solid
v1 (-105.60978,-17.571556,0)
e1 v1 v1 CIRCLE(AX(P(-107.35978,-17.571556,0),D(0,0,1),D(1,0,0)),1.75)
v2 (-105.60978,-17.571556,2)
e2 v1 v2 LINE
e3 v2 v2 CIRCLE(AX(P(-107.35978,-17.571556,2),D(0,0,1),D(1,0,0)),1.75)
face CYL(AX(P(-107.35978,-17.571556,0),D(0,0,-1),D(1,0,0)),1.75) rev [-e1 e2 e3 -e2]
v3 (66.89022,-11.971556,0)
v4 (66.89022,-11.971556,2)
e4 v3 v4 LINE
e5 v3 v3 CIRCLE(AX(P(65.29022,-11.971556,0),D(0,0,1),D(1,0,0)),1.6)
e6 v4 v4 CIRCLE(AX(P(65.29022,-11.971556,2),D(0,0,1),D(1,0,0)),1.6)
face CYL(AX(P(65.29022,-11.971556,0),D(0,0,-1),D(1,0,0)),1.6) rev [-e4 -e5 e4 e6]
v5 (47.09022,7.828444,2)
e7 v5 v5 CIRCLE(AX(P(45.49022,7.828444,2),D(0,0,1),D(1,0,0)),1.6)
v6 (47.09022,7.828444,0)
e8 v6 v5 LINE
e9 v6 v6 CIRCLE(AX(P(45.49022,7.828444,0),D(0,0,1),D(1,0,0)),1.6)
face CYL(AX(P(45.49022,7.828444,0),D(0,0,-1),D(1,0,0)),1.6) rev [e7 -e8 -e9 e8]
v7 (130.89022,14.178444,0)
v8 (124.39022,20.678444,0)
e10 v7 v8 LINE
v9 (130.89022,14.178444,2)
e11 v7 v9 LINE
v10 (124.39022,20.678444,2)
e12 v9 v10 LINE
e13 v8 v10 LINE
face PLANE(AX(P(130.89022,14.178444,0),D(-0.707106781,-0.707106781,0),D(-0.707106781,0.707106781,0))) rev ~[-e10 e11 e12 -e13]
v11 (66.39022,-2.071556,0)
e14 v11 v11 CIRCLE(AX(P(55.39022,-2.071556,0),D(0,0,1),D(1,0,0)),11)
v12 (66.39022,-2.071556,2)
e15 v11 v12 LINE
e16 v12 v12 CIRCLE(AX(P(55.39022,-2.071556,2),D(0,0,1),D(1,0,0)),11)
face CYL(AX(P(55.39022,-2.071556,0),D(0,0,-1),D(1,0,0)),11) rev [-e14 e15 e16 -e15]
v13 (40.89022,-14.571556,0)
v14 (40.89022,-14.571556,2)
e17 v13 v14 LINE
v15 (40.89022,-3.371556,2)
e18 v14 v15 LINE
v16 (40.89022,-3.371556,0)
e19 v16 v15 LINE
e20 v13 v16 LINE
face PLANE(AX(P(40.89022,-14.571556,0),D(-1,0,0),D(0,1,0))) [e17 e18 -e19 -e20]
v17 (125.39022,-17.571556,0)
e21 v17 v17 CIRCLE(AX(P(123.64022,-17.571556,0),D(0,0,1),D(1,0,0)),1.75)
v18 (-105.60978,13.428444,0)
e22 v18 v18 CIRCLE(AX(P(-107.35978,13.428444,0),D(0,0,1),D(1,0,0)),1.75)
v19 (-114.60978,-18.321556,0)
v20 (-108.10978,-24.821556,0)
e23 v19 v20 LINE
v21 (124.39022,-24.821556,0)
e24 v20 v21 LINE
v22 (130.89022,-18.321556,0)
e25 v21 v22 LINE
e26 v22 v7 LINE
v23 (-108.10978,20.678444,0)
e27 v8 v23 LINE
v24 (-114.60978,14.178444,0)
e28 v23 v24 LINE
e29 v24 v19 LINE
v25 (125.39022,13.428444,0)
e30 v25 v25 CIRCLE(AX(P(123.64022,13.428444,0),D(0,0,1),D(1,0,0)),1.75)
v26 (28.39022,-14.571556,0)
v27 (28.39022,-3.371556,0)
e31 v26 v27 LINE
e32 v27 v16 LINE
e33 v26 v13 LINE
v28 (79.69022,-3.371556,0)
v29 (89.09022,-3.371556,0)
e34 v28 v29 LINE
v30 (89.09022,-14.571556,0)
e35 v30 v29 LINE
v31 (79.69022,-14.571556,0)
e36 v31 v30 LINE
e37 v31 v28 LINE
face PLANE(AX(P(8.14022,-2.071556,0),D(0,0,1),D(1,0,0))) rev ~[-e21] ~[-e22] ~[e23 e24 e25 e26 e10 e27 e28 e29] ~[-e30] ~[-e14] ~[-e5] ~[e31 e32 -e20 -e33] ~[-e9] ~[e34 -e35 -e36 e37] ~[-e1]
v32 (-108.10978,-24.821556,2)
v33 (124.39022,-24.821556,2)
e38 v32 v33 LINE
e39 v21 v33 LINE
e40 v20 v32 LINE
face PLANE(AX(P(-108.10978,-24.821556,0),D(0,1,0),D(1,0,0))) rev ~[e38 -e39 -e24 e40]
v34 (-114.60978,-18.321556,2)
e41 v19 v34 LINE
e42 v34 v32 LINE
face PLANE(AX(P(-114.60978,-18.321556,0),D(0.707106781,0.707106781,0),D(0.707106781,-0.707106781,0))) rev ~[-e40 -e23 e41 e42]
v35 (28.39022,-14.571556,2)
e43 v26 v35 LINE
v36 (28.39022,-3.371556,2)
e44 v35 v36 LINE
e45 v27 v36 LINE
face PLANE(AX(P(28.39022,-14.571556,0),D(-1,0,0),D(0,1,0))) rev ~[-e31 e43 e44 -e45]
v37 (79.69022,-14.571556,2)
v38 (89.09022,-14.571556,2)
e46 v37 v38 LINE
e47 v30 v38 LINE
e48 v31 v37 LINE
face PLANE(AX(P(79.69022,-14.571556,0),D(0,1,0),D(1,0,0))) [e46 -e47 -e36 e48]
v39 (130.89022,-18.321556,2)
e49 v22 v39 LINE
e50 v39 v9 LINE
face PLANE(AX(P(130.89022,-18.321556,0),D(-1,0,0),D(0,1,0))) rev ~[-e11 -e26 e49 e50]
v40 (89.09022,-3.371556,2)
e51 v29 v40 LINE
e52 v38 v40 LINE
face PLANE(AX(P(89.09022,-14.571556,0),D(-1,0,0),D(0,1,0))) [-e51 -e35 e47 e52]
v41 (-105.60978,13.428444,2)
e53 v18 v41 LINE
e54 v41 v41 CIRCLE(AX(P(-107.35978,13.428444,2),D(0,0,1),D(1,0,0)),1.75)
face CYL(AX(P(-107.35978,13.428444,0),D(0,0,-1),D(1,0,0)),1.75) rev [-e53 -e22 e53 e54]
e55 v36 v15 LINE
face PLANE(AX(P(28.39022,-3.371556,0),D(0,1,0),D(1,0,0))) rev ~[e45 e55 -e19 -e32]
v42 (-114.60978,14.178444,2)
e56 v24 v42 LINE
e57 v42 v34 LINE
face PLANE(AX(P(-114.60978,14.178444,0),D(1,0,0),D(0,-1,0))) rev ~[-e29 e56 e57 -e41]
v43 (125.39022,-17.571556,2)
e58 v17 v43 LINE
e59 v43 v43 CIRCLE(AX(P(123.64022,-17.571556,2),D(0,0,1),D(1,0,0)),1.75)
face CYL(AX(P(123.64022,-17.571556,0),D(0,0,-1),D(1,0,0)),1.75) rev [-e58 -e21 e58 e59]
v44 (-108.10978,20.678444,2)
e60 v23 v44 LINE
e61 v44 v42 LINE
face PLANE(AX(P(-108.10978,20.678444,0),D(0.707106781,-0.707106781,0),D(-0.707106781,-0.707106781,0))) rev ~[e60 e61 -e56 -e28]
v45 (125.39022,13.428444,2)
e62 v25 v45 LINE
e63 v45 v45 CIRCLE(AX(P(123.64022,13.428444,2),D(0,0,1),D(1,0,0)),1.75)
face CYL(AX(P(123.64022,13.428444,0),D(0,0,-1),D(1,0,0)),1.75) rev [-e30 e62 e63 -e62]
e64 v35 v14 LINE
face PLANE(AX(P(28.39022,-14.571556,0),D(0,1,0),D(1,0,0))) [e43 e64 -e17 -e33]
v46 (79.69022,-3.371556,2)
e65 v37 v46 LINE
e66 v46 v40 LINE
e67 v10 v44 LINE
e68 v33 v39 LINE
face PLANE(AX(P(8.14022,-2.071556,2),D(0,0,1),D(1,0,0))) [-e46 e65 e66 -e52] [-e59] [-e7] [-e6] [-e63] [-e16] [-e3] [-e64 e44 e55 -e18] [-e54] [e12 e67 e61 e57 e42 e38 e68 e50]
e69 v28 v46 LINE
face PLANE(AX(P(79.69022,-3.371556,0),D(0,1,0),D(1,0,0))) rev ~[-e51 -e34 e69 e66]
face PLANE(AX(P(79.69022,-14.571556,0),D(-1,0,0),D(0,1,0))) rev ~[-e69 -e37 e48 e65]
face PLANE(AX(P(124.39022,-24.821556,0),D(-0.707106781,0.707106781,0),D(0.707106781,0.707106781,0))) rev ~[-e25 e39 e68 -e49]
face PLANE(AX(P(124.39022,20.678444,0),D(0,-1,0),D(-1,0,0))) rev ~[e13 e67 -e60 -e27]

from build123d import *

# Parameters (mm, degrees)
F0_R     = 1.75
F0_W     = 12.5
F0_H     = 11.2
F0_R_2   = 1.6
F0_R_3   = 11
F0_W_2   = 9.4
F1_DEPTH = 2


with BuildPart() as f1:
    # F0 (on Top) → F1 (new body)
    with BuildSketch(Plane.XY):
        Polygon((124.39022, 20.678444), (-108.10978, 20.678444), (-114.60978, 14.178444), (-114.60978, -18.321556), (-108.10978, -24.821556), (124.39022, -24.821556), (130.89022, -18.321556), (130.89022, 14.178444), align=None)
        with Locations((-107.35978, -17.571556)):
            Circle(F0_R, mode=Mode.SUBTRACT)
        with Locations((-107.35978, 13.428444)):
            Circle(F0_R, mode=Mode.SUBTRACT)
        with Locations((34.64022, -8.971556)):
            Rectangle(F0_W, F0_H, mode=Mode.SUBTRACT)
        with Locations((65.29022, -11.971556)):
            Circle(F0_R_2, mode=Mode.SUBTRACT)
        with Locations((45.49022, 7.828444)):
            Circle(F0_R_2, mode=Mode.SUBTRACT)
        with Locations((55.39022, -2.071556)):
            Circle(F0_R_3, mode=Mode.SUBTRACT)
        with Locations((84.39022, -8.971556)):
            Rectangle(F0_W_2, F0_H, mode=Mode.SUBTRACT)
        with Locations((123.64022, -17.571556)):
            Circle(F0_R, mode=Mode.SUBTRACT)
        with Locations((123.64022, 13.428444)):
            Circle(F0_R, mode=Mode.SUBTRACT)
    extrude(amount=F1_DEPTH)


solid = f1.part
